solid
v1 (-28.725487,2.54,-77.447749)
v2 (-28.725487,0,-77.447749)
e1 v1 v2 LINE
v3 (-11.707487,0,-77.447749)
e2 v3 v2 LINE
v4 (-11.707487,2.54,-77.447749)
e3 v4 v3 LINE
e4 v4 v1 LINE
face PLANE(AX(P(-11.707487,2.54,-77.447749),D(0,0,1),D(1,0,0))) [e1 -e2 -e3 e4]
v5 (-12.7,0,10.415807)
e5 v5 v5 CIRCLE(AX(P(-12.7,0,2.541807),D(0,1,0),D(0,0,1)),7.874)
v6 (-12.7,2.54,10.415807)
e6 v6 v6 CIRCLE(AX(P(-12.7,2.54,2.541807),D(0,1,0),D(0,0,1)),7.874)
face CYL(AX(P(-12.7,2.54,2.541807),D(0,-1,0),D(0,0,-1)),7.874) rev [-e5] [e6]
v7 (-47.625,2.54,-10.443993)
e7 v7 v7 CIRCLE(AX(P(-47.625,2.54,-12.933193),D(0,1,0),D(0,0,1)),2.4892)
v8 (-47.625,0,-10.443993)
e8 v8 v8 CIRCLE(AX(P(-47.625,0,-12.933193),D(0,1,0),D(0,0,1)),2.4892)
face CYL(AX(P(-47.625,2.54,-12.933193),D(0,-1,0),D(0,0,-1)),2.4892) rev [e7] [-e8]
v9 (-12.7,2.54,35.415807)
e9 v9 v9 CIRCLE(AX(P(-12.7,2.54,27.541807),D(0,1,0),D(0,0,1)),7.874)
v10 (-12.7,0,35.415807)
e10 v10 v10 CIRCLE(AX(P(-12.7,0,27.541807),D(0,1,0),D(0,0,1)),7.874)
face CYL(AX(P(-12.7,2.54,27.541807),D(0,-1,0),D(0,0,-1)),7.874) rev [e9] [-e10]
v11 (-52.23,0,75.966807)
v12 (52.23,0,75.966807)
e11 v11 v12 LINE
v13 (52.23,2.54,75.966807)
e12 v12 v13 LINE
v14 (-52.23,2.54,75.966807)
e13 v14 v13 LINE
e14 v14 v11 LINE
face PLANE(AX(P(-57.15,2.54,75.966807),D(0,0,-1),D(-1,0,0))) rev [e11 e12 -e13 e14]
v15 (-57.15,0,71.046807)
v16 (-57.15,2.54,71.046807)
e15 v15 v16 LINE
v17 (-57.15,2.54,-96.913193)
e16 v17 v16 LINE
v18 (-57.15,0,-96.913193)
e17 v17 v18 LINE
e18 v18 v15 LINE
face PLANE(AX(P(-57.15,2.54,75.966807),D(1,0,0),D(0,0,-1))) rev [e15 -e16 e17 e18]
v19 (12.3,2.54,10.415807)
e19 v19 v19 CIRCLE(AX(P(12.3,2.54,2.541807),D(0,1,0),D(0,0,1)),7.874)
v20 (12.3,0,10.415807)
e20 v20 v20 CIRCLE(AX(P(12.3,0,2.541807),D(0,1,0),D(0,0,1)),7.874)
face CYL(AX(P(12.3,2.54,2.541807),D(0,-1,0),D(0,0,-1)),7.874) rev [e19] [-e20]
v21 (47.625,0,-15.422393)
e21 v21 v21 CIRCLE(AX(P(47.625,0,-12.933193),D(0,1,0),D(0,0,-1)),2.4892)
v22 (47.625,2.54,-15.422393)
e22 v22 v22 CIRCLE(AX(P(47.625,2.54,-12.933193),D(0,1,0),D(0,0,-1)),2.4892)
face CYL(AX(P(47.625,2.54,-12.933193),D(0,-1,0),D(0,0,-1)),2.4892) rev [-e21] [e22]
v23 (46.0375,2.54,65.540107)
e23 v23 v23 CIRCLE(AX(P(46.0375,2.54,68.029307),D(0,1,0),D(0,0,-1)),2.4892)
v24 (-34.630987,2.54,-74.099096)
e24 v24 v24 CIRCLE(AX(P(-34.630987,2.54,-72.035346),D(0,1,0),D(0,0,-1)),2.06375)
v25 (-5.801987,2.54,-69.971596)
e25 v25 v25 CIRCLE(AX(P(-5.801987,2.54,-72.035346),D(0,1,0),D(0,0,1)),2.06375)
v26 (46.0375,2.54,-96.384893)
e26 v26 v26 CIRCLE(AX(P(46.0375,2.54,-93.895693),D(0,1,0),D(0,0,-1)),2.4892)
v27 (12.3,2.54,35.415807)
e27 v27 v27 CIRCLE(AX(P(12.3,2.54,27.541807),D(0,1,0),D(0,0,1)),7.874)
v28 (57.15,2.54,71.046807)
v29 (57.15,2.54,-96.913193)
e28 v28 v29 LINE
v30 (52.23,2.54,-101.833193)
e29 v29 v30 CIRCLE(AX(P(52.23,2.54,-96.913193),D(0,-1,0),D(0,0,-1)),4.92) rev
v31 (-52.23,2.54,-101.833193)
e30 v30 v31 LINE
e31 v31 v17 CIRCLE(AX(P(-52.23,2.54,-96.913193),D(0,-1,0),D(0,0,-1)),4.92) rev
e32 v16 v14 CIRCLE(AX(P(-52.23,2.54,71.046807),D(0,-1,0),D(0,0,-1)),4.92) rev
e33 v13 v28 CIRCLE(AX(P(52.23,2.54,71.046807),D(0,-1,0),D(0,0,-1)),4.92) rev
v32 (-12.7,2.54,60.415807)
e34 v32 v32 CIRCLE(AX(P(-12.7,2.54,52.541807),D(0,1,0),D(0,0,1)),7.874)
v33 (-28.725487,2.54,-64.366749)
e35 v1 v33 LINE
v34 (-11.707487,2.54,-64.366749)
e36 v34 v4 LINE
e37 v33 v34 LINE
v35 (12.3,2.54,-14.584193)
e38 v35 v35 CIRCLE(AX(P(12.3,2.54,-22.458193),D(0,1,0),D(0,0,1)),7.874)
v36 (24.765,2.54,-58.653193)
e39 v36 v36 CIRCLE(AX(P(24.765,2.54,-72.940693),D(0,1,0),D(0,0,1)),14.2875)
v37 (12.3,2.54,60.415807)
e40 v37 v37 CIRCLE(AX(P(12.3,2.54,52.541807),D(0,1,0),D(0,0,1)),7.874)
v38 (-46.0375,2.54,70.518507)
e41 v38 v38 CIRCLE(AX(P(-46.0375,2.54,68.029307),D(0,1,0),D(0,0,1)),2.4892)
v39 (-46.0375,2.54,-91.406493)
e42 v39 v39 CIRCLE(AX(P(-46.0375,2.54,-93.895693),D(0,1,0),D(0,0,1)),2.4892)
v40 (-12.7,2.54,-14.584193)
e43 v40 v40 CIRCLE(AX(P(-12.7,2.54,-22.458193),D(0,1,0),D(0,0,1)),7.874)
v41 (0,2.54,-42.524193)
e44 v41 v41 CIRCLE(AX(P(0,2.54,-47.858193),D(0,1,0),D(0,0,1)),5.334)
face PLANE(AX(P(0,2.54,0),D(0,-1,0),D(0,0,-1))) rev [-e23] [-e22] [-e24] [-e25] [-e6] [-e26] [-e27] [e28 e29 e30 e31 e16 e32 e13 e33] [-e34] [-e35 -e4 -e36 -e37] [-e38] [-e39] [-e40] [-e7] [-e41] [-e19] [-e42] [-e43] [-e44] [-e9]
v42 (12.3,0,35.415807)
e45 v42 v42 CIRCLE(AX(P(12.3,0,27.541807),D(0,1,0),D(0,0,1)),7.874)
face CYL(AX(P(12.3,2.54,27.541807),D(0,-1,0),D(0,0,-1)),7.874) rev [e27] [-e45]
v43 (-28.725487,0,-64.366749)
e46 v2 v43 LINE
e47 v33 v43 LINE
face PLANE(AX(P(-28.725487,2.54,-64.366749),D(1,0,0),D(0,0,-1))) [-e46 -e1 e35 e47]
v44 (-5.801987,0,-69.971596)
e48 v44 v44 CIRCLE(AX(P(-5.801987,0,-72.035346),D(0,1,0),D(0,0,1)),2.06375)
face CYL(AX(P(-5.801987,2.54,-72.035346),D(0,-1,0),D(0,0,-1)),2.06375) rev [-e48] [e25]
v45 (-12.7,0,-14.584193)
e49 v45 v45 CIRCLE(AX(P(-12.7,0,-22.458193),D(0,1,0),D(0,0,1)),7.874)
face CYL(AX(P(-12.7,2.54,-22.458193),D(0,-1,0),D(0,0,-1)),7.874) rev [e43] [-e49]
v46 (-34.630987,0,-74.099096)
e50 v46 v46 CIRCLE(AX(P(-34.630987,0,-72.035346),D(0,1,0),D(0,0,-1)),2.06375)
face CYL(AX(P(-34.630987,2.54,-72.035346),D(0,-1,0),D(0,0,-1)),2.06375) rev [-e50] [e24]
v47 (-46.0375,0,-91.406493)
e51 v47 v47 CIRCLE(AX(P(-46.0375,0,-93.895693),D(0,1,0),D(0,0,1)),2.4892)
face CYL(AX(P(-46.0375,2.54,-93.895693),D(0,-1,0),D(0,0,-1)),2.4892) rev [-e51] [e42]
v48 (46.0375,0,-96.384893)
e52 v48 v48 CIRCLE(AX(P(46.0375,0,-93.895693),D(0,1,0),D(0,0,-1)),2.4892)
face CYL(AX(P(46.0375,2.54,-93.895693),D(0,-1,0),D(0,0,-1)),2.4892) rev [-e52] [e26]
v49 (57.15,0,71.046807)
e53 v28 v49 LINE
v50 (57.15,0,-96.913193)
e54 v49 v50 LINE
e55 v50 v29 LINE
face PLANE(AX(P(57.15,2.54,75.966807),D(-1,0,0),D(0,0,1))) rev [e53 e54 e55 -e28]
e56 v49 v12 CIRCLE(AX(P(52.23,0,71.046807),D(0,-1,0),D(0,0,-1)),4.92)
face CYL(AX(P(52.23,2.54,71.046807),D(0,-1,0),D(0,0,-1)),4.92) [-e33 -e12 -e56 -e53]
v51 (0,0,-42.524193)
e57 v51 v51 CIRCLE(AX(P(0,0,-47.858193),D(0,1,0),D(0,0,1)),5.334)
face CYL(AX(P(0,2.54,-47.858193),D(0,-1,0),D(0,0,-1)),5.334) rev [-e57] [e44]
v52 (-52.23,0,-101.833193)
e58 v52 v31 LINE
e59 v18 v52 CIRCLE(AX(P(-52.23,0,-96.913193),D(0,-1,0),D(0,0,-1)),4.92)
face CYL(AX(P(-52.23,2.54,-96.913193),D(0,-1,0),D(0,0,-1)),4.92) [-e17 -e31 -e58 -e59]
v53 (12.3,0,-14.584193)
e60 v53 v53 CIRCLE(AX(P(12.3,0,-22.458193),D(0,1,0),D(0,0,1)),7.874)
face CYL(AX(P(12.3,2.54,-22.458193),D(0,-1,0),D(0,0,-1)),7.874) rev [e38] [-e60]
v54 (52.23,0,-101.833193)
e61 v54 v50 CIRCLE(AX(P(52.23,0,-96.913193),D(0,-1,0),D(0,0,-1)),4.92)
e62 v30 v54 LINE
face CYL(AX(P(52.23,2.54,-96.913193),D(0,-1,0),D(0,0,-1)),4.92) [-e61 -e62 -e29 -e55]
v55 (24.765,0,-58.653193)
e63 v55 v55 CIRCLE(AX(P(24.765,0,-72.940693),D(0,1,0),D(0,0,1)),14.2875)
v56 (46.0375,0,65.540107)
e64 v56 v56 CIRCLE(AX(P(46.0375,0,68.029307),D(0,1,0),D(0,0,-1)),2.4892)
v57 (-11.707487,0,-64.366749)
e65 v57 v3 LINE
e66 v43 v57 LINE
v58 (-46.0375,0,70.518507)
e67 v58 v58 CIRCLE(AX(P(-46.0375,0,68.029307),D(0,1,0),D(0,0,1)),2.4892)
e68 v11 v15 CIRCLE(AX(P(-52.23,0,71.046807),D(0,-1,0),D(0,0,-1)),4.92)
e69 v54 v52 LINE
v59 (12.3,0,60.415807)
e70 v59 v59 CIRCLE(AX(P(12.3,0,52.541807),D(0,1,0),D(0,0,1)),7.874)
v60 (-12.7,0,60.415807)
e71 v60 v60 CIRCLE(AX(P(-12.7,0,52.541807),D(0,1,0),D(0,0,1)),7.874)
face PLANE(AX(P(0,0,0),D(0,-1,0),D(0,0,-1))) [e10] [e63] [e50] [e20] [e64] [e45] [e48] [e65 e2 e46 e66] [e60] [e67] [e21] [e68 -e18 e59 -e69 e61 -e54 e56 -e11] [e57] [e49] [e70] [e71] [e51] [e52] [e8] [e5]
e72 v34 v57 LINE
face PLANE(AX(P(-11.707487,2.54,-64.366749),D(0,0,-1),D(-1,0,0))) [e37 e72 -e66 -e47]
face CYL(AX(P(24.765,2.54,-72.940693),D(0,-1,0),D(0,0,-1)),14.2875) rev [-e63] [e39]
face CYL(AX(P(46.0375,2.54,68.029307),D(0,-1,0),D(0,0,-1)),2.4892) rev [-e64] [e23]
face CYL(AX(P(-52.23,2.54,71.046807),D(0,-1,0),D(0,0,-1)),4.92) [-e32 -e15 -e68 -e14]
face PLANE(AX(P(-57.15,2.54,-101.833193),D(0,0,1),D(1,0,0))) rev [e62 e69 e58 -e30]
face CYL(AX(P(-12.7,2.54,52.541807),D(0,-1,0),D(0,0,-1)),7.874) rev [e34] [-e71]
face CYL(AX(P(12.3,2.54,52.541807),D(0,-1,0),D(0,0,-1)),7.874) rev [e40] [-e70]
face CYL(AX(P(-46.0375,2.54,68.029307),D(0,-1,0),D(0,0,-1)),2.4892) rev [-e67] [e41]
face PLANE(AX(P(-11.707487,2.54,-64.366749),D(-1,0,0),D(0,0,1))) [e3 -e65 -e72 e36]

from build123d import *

# Parameters (mm, degrees)
SKETCH1_W           = 114.3
SKETCH1_H           = 177.8
SKETCH1_R           = 7.874
SKETCH1_R_2         = 5.334
SKETCH1_R_3         = 14.2875
SKETCH1_R_4         = 2.4892
SKETCH1_R_5         = 2.06375
SKETCH1_W_2         = 17.018
SKETCH1_H_2         = 13.081
BOSS_EXTRUDE1_DEPTH = 2.54
FILLET1_R           = 4.92


with BuildPart() as part:
    # Sketch1 → Boss-Extrude1 (new body)
    with BuildSketch(Plane(origin=(0, 0, 0), x_dir=(1, 0, 0), z_dir=(0, 1, 0))):
        with Locations((0, 12.933192571)):
            Rectangle(SKETCH1_W, SKETCH1_H)
        with Locations(Location((-12.7, 22.458192571, 0), (0, 0, 270))):
            Circle(SKETCH1_R, mode=Mode.SUBTRACT)
        with Locations(Location((0, 47.858192571, 0), (0, 0, 270))):
            Circle(SKETCH1_R_2, mode=Mode.SUBTRACT)
        with Locations(Location((24.765, 72.940692571, 0), (0, 0, 270))):
            Circle(SKETCH1_R_3, mode=Mode.SUBTRACT)
        with Locations(Location((-46.0375, -68.029307429, 0), (0, 0, 270))):
            Circle(SKETCH1_R_4, mode=Mode.SUBTRACT)
        with Locations(Location((-46.0375, 93.895692571, 0), (0, 0, 270))):
            Circle(SKETCH1_R_4, mode=Mode.SUBTRACT)
        with Locations(Location((-47.625, 12.933192571, 0), (0, 0, 270))):
            Circle(SKETCH1_R_4, mode=Mode.SUBTRACT)
        with Locations(Location((46.0375, 93.895692571, 0), (0, 0, 90))):
            Circle(SKETCH1_R_4, mode=Mode.SUBTRACT)
        with Locations(Location((47.625, 12.933192571, 0), (0, 0, 90))):
            Circle(SKETCH1_R_4, mode=Mode.SUBTRACT)
        with Locations(Location((46.0375, -68.029307429, 0), (0, 0, 90))):
            Circle(SKETCH1_R_4, mode=Mode.SUBTRACT)
        with Locations(Location((-5.801987124, 72.035346476, 0), (0, 0, 270))):
            Circle(SKETCH1_R_5, mode=Mode.SUBTRACT)
        with Locations(Location((-34.630987124, 72.035346476, 0), (0, 0, 90))):
            Circle(SKETCH1_R_5, mode=Mode.SUBTRACT)
        with Locations(Location((12.3, 22.458192571, 0), (0, 0, 270))):
            Circle(SKETCH1_R, mode=Mode.SUBTRACT)
        with Locations(Location((12.3, -2.541807429, 0), (0, 0, 270))):
            Circle(SKETCH1_R, mode=Mode.SUBTRACT)
        with Locations(Location((12.3, -27.541807429, 0), (0, 0, 270))):
            Circle(SKETCH1_R, mode=Mode.SUBTRACT)
        with Locations(Location((12.3, -52.541807429, 0), (0, 0, 270))):
            Circle(SKETCH1_R, mode=Mode.SUBTRACT)
        with Locations(Location((-12.7, -2.541807429, 0), (0, 0, 270))):
            Circle(SKETCH1_R, mode=Mode.SUBTRACT)
        with Locations(Location((-12.7, -27.541807429, 0), (0, 0, 270))):
            Circle(SKETCH1_R, mode=Mode.SUBTRACT)
        with Locations(Location((-12.7, -52.541807429, 0), (0, 0, 270))):
            Circle(SKETCH1_R, mode=Mode.SUBTRACT)
        with Locations((-20.216487124, 70.907248902)):
            Rectangle(SKETCH1_W_2, SKETCH1_H_2, mode=Mode.SUBTRACT)
    extrude(amount=BOSS_EXTRUDE1_DEPTH)

    # Fillet1
    fillet1_edges = [part.edges().sort_by_distance(p)[0] for p in [
        (-57.15, 1.27, -101.833192571),
        (57.15, 1.27, -101.833192571),
        (57.15, 1.27, 75.966807429),
        (-57.15, 1.27, 75.966807429),
    ]]
    fillet(fillet1_edges, radius=FILLET1_R)


solid = part.part
